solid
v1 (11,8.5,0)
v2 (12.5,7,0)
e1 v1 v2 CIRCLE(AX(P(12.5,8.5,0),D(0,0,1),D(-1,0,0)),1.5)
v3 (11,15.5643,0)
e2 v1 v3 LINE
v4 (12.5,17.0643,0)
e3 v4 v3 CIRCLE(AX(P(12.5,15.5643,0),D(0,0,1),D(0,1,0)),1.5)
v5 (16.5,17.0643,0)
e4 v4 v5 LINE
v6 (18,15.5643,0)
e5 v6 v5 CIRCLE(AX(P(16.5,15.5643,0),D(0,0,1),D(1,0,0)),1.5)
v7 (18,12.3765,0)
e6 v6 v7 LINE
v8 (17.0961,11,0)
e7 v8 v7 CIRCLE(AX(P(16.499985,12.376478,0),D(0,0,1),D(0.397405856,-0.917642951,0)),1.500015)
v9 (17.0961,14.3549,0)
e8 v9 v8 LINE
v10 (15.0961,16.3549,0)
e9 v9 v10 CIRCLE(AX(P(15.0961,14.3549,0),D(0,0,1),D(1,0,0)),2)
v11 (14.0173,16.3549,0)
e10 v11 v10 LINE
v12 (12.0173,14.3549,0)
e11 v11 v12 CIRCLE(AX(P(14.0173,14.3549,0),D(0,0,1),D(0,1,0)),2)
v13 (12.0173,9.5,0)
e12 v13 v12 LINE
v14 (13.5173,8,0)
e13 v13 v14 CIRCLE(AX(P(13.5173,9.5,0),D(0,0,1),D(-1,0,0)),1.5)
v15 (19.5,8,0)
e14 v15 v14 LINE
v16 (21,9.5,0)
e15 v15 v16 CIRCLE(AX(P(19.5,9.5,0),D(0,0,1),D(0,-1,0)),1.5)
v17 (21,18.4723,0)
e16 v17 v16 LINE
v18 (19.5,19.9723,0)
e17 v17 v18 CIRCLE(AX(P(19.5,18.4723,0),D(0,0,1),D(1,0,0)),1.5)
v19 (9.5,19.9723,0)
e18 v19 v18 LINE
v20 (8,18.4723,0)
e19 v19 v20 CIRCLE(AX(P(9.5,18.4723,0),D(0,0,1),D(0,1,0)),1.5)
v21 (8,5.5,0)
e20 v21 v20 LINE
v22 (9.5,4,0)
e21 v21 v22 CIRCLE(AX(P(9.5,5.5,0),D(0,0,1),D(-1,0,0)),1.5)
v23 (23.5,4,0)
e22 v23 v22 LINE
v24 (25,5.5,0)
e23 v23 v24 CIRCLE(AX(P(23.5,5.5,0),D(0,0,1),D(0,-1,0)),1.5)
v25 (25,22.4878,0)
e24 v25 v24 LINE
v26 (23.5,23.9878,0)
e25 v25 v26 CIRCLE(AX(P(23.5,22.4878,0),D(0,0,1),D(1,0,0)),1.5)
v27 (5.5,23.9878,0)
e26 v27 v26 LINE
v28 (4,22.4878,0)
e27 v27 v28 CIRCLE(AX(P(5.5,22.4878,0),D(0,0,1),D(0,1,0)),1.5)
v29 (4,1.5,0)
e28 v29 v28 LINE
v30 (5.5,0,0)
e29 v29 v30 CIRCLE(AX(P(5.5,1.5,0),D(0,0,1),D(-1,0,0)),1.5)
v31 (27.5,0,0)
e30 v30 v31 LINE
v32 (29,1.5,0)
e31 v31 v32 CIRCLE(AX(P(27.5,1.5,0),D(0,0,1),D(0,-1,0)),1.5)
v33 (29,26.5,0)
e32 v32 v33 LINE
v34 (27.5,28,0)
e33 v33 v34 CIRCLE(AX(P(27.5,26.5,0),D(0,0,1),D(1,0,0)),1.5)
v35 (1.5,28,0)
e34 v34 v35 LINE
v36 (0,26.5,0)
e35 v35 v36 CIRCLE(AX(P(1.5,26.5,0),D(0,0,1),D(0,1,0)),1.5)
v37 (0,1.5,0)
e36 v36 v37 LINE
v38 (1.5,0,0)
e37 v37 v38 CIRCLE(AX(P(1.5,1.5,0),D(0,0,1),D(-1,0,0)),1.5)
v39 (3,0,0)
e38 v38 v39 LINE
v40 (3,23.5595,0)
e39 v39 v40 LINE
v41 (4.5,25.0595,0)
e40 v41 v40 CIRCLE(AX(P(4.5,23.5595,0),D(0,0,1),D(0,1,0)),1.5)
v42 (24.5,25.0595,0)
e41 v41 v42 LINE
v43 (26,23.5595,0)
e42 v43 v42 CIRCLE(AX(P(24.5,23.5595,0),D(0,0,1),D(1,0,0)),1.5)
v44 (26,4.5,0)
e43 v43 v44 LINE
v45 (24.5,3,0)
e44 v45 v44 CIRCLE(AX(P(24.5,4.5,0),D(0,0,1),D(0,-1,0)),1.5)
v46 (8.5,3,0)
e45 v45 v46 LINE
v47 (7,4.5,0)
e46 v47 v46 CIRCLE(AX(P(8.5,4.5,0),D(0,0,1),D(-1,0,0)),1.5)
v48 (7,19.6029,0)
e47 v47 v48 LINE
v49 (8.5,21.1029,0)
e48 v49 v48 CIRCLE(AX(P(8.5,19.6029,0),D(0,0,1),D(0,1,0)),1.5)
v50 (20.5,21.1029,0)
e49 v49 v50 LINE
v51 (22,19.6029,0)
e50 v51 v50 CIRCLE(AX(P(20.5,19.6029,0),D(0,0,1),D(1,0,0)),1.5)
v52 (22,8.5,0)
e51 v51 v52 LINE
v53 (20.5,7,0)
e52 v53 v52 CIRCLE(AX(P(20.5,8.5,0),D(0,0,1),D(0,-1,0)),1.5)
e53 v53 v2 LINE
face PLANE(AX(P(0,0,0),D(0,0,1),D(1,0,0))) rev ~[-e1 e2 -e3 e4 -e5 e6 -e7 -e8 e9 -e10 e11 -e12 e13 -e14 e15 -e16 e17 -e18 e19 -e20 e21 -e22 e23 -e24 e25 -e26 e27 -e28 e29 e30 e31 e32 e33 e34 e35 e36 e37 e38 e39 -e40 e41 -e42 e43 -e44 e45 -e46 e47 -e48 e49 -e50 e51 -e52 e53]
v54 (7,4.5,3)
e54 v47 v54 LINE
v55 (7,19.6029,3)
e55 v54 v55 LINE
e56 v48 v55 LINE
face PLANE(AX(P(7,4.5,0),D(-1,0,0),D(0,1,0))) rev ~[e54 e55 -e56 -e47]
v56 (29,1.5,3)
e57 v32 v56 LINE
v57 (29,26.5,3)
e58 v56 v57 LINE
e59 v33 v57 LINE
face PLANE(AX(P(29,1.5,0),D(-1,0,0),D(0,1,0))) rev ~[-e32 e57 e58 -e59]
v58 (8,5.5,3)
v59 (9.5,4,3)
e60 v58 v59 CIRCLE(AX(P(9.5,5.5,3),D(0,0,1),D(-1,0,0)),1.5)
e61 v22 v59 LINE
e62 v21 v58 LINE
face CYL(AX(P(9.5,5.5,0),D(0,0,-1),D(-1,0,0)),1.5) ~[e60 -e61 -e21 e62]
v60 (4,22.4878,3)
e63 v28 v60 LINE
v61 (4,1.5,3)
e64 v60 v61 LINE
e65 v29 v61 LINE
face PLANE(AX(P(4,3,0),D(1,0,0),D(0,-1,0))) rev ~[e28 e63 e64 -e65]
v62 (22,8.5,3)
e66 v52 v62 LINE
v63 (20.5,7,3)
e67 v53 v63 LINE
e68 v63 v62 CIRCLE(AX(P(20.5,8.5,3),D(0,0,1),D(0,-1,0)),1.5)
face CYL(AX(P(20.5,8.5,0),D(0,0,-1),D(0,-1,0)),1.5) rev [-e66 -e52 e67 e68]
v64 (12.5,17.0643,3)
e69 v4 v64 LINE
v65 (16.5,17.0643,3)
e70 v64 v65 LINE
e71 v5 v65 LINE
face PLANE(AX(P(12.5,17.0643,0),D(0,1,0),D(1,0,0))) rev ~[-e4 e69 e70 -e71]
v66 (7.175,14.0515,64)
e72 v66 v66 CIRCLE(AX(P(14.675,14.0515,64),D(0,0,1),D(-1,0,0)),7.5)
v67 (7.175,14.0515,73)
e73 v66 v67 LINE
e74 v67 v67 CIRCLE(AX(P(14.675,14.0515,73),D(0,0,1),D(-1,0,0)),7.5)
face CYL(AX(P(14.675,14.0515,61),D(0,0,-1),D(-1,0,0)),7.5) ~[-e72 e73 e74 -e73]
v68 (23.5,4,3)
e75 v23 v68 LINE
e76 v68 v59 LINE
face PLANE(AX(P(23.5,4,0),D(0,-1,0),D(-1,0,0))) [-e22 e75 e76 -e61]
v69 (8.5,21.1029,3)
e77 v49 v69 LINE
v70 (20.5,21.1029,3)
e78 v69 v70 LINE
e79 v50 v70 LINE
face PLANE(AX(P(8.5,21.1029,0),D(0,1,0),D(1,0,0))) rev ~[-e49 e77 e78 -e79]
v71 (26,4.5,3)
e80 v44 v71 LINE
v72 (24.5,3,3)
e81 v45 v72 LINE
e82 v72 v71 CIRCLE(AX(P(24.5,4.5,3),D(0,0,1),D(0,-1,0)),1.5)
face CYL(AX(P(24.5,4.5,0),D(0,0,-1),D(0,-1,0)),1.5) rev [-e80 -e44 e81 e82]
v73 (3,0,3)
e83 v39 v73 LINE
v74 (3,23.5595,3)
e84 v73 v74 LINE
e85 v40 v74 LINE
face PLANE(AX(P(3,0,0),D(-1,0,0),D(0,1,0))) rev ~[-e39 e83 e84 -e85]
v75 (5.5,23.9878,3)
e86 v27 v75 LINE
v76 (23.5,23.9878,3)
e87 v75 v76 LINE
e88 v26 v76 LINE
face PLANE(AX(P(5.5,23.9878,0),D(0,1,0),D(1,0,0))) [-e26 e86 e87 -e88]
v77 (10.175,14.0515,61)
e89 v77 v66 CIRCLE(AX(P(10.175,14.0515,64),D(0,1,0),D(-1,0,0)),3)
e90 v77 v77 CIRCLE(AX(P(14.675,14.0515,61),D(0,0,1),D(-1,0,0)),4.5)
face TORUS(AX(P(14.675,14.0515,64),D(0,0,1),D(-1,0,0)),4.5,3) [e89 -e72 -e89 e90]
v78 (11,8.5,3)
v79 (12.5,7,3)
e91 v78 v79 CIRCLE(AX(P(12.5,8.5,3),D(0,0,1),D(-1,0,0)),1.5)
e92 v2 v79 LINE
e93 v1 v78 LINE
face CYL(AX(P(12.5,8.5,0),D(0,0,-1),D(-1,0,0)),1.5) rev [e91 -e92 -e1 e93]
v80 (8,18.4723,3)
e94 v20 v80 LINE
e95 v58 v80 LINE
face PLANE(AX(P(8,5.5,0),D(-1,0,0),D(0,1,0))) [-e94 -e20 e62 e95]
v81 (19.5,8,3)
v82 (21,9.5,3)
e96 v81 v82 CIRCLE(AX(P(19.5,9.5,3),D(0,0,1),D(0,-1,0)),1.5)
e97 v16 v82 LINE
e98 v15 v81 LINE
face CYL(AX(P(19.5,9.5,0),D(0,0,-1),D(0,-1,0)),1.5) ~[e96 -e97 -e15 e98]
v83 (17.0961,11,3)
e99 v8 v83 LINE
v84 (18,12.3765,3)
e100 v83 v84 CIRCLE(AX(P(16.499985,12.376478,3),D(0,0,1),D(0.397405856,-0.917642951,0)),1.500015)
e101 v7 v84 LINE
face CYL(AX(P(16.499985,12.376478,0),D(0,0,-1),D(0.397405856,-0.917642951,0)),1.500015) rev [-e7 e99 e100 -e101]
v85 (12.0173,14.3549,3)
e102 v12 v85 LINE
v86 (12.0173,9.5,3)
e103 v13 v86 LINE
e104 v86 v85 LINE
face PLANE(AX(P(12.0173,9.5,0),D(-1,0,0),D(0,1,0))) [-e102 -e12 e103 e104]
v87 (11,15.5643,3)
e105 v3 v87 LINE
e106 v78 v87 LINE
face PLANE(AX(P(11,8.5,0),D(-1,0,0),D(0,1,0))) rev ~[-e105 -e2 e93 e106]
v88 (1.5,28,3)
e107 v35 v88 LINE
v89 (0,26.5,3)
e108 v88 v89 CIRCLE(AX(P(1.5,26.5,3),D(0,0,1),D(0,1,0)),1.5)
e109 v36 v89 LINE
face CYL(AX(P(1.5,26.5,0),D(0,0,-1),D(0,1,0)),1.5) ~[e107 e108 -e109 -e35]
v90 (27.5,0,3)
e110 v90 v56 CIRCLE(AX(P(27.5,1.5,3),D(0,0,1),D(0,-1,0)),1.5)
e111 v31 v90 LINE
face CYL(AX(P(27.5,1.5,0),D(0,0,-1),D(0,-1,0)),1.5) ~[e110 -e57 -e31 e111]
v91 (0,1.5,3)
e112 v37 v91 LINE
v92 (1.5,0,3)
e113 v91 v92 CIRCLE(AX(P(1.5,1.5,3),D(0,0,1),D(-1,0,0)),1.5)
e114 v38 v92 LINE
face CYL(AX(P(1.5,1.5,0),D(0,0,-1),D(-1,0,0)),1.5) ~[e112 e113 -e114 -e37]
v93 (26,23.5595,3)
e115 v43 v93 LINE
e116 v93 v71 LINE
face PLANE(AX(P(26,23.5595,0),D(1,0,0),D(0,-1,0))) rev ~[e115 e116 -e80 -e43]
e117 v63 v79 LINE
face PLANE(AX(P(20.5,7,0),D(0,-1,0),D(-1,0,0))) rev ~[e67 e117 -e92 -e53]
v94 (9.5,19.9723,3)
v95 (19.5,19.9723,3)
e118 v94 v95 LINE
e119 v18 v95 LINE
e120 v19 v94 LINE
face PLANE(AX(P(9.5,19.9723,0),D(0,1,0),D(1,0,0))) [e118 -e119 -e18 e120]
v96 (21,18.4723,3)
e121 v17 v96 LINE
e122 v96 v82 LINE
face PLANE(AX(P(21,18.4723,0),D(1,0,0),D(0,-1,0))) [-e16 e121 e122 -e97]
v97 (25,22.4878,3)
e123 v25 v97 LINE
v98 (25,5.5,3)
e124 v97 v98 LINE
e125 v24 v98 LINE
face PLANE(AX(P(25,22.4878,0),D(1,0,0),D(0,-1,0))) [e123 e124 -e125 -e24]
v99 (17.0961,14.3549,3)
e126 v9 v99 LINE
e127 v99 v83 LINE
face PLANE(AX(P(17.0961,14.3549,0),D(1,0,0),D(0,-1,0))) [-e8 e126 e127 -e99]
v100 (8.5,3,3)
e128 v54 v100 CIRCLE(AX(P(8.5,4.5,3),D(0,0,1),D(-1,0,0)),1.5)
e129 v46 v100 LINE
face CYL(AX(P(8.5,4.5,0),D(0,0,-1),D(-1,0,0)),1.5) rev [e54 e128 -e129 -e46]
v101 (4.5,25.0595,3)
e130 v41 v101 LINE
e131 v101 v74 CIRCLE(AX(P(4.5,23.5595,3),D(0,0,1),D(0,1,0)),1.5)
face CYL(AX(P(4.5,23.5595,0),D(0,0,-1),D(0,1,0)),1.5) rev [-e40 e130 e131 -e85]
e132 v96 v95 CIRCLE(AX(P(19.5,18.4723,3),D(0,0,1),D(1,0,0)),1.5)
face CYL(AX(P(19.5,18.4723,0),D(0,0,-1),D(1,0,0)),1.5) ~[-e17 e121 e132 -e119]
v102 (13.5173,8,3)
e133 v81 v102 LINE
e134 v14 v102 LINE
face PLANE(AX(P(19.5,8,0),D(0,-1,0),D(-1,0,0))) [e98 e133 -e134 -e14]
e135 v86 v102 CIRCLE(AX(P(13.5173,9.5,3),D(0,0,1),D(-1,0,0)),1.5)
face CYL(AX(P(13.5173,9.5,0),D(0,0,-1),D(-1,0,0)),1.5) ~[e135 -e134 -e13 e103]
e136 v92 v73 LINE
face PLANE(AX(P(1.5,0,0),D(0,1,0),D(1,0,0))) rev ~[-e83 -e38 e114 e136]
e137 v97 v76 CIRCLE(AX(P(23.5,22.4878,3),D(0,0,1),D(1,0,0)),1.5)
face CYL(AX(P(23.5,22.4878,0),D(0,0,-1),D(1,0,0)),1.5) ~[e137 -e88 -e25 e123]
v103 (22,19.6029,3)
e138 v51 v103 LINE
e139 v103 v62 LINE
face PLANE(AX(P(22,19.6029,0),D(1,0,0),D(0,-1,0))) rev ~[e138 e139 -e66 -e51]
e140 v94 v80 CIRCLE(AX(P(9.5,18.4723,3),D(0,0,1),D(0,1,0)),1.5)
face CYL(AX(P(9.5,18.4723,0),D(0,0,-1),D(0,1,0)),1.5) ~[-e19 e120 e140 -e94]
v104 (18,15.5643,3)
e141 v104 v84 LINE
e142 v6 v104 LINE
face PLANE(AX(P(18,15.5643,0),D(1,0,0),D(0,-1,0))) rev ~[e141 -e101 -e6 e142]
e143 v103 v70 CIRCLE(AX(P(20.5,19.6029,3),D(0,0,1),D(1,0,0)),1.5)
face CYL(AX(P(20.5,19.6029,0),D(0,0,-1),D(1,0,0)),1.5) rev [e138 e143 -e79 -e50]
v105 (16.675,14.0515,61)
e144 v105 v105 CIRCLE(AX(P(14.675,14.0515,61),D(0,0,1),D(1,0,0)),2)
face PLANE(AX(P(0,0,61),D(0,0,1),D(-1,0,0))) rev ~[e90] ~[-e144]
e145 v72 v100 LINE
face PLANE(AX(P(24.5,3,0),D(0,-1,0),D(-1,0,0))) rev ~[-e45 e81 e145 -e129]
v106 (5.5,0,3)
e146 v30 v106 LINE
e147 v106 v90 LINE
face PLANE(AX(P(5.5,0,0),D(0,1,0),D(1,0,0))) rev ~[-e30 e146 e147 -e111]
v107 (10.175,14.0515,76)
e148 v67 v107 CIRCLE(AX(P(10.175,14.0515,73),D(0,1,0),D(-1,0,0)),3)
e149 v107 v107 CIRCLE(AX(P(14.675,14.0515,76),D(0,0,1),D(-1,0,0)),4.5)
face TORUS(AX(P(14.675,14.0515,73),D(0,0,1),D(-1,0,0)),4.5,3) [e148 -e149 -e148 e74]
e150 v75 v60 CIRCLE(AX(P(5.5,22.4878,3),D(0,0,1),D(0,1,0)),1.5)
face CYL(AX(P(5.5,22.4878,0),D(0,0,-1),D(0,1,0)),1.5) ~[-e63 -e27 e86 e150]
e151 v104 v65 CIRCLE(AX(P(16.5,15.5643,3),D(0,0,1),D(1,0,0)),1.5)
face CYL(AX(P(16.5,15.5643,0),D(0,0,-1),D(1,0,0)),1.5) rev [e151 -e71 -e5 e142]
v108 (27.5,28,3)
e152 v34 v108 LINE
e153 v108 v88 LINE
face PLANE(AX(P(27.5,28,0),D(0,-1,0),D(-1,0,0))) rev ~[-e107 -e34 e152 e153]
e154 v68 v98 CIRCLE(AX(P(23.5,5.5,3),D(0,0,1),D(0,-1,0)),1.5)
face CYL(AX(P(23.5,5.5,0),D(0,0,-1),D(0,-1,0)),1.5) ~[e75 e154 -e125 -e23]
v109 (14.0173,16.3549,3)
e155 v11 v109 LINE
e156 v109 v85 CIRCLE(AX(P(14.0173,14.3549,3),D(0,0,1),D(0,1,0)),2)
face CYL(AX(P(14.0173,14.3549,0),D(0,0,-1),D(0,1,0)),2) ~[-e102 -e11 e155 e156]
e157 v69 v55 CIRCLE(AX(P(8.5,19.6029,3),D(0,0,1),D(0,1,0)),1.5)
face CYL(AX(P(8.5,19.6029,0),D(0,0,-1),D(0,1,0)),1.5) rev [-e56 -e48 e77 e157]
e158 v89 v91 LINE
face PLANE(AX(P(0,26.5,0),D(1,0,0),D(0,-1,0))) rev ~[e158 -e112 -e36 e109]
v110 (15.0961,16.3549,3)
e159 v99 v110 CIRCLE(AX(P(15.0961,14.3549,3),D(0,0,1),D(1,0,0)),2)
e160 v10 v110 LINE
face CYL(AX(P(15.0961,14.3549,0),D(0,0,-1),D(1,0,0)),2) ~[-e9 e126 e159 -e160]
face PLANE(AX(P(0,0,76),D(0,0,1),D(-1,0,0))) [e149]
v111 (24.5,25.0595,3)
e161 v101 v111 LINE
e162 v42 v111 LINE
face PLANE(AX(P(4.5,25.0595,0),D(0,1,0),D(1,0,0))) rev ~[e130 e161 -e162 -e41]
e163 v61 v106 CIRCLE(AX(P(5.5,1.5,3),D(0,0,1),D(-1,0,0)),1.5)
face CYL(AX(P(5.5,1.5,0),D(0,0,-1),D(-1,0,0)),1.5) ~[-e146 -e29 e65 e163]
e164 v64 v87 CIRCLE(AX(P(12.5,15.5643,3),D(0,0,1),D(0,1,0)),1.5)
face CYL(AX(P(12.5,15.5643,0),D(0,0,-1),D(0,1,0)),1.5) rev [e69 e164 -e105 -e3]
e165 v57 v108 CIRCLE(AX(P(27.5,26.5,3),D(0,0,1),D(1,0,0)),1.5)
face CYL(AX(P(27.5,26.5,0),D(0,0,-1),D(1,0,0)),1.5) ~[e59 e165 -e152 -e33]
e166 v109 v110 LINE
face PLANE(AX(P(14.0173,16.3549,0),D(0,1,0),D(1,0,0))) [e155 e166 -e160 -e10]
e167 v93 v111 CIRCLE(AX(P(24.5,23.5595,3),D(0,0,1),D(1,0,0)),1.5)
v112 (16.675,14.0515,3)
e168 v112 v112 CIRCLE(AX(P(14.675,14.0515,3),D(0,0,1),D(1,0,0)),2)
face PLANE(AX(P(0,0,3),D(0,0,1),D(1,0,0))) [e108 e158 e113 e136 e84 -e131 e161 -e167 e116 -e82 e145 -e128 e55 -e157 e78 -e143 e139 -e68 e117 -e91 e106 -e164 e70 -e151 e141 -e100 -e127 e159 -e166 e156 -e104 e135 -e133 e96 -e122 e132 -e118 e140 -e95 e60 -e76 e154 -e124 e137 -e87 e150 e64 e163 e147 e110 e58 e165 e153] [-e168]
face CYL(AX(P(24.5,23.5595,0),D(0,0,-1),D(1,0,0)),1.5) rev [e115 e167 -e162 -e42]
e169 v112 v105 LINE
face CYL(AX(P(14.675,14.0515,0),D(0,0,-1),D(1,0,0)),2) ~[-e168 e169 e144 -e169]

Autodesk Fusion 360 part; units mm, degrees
sketch "Sketch1" plane through (0, 0, 0) normal (0, 0, 1) x (1, 0, 0)
  line L0 (29, 1.5) -> (29, 26.5)
  line L1 (27.5, 28) -> (1.5, 28)
  line L2 (0, 26.5) -> (0, 1.5)
  line L3 (3, 0) -> (3, 23.5595)
  line L4 (4.5, 25.0595) -> (24.5, 25.0595)
  line L5 (26, 23.5595) -> (26, 4.5)
  line L6 (24.5, 3) -> (8.5, 3)
  line L7 (4, 3) -> (4, 1.5)
  line L8 (4, 3) -> (4, 22.4878)
  line L9 (5.5, 23.9878) -> (23.5, 23.9878)
  line L10 (25, 22.4878) -> (25, 5.5)
  line L11 (23.5, 4) -> (9.5, 4)
  line L12 (8, 5.5) -> (8, 18.4723)
  line L13 (9.5, 19.9723) -> (19.5, 19.9723)
  line L14 (21, 18.4723) -> (21, 9.5)
  line L15 (19.5, 8) -> (13.5173, 8)
  line L16 (12.0173, 9.5) -> (12.0173, 14.3549)
  line L17 (14.0173, 16.3549) -> (15.0961, 16.3549)
  line L18 (17.0961, 14.3549) -> (17.0961, 11)
  line L19 (7, 4.5) -> (7, 19.6029)
  line L20 (8.5, 21.1029) -> (20.5, 21.1029)
  line L21 (22, 19.6029) -> (22, 8.5)
  line L22 (20.5, 7) -> (12.5, 7)
  line L23 (11, 8.5) -> (11, 15.5643)
  line L24 (12.5, 17.0643) -> (16.5, 17.0643)
  line L25 (18, 15.5643) -> (18, 12.3765)
  line L26 (1.5, 0) -> (3, 0)
  line L27 (5.5, 0) -> (27.5, 0)
  circle A0 centre (14.675, 14.0515) radius 2
  arc A1 (1.5, 28) -> (0, 26.5) centre (1.5, 26.5) ccw
  arc A2 (0, 1.5) -> (1.5, 0) centre (1.5, 1.5) ccw
  arc A3 (4.5, 25.0595) -> (3, 23.5595) centre (4.5, 23.5595) ccw
  arc A4 (26, 23.5595) -> (24.5, 25.0595) centre (24.5, 23.5595) ccw
  arc A5 (29, 26.5) -> (27.5, 28) centre (27.5, 26.5) ccw
  arc A6 (27.5, 0) -> (29, 1.5) centre (27.5, 1.5) ccw
  arc A7 (4, 1.5) -> (5.5, 0) centre (5.5, 1.5) ccw
  arc A8 (5.5, 23.9878) -> (4, 22.4878) centre (5.5, 22.4878) ccw
  arc A9 (25, 22.4878) -> (23.5, 23.9878) centre (23.5, 22.4878) ccw
  arc A10 (23.5, 4) -> (25, 5.5) centre (23.5, 5.5) ccw
  arc A11 (24.5, 3) -> (26, 4.5) centre (24.5, 4.5) ccw
  arc A12 (7, 4.5) -> (8.5, 3) centre (8.5, 4.5) ccw
  arc A13 (8, 5.5) -> (9.5, 4) centre (9.5, 5.5) ccw
  arc A14 (9.5, 19.9723) -> (8, 18.4723) centre (9.5, 18.4723) ccw
  arc A15 (8.5, 21.1029) -> (7, 19.6029) centre (8.5, 19.6029) ccw
  arc A16 (22, 19.6029) -> (20.5, 21.1029) centre (20.5, 19.6029) ccw
  arc A17 (21, 18.4723) -> (19.5, 19.9723) centre (19.5, 18.4723) ccw
  arc A18 (20.5, 7) -> (22, 8.5) centre (20.5, 8.5) ccw
  arc A19 (19.5, 8) -> (21, 9.5) centre (19.5, 9.5) ccw
  arc A20 (11, 8.5) -> (12.5, 7) centre (12.5, 8.5) ccw
  arc A21 (12.5, 17.0643) -> (11, 15.5643) centre (12.5, 15.5643) ccw
  arc A22 (18, 15.5643) -> (16.5, 17.0643) centre (16.5, 15.5643) ccw
  arc A23 (17.0961, 11) -> (18, 12.3765) centre (16.5, 12.3765) ccw
  arc A24 (14.0173, 16.3549) -> (12.0173, 14.3549) centre (14.0173, 14.3549) ccw
  arc A25 (17.0961, 14.3549) -> (15.0961, 16.3549) centre (15.0961, 14.3549) ccw
  arc A26 (12.0173, 9.5) -> (13.5173, 8) centre (13.5173, 9.5) ccw
  point P0 (29, 0)
  point P1 (0, 28)
  dimension "d1" = 29
  dimension "d2" = 28
  dimension "d3" = 4
  dimension "d4" = 1.5
  dimension "d5" = 2
  dimension "d15" = 1.5
extrude "Extrude1" add sketch "Sketch1" along normal blind 3
extrude "Extrude2" add sketch "Sketch1" along normal blind 61 contours A0
sketch "Sketch2" plane through (0, 0, 61) normal (0, 0, 1) x (-1, 0, 0)
  circle A0 centre (-14.675, -14.0515) radius 2
  circle A1 centre (-14.675, -14.0515) radius 7.5
  dimension "d10" = 15
extrude "Extrude3" add sketch "Sketch2" along normal blind 15 contours A0 | A1
fillet "Fillet1" radius 3 2 edges at (21.6674, 16.7636, 76) (21.6674, 16.7636, 61)
equation "d8 = 36 mm + 25 mm"
